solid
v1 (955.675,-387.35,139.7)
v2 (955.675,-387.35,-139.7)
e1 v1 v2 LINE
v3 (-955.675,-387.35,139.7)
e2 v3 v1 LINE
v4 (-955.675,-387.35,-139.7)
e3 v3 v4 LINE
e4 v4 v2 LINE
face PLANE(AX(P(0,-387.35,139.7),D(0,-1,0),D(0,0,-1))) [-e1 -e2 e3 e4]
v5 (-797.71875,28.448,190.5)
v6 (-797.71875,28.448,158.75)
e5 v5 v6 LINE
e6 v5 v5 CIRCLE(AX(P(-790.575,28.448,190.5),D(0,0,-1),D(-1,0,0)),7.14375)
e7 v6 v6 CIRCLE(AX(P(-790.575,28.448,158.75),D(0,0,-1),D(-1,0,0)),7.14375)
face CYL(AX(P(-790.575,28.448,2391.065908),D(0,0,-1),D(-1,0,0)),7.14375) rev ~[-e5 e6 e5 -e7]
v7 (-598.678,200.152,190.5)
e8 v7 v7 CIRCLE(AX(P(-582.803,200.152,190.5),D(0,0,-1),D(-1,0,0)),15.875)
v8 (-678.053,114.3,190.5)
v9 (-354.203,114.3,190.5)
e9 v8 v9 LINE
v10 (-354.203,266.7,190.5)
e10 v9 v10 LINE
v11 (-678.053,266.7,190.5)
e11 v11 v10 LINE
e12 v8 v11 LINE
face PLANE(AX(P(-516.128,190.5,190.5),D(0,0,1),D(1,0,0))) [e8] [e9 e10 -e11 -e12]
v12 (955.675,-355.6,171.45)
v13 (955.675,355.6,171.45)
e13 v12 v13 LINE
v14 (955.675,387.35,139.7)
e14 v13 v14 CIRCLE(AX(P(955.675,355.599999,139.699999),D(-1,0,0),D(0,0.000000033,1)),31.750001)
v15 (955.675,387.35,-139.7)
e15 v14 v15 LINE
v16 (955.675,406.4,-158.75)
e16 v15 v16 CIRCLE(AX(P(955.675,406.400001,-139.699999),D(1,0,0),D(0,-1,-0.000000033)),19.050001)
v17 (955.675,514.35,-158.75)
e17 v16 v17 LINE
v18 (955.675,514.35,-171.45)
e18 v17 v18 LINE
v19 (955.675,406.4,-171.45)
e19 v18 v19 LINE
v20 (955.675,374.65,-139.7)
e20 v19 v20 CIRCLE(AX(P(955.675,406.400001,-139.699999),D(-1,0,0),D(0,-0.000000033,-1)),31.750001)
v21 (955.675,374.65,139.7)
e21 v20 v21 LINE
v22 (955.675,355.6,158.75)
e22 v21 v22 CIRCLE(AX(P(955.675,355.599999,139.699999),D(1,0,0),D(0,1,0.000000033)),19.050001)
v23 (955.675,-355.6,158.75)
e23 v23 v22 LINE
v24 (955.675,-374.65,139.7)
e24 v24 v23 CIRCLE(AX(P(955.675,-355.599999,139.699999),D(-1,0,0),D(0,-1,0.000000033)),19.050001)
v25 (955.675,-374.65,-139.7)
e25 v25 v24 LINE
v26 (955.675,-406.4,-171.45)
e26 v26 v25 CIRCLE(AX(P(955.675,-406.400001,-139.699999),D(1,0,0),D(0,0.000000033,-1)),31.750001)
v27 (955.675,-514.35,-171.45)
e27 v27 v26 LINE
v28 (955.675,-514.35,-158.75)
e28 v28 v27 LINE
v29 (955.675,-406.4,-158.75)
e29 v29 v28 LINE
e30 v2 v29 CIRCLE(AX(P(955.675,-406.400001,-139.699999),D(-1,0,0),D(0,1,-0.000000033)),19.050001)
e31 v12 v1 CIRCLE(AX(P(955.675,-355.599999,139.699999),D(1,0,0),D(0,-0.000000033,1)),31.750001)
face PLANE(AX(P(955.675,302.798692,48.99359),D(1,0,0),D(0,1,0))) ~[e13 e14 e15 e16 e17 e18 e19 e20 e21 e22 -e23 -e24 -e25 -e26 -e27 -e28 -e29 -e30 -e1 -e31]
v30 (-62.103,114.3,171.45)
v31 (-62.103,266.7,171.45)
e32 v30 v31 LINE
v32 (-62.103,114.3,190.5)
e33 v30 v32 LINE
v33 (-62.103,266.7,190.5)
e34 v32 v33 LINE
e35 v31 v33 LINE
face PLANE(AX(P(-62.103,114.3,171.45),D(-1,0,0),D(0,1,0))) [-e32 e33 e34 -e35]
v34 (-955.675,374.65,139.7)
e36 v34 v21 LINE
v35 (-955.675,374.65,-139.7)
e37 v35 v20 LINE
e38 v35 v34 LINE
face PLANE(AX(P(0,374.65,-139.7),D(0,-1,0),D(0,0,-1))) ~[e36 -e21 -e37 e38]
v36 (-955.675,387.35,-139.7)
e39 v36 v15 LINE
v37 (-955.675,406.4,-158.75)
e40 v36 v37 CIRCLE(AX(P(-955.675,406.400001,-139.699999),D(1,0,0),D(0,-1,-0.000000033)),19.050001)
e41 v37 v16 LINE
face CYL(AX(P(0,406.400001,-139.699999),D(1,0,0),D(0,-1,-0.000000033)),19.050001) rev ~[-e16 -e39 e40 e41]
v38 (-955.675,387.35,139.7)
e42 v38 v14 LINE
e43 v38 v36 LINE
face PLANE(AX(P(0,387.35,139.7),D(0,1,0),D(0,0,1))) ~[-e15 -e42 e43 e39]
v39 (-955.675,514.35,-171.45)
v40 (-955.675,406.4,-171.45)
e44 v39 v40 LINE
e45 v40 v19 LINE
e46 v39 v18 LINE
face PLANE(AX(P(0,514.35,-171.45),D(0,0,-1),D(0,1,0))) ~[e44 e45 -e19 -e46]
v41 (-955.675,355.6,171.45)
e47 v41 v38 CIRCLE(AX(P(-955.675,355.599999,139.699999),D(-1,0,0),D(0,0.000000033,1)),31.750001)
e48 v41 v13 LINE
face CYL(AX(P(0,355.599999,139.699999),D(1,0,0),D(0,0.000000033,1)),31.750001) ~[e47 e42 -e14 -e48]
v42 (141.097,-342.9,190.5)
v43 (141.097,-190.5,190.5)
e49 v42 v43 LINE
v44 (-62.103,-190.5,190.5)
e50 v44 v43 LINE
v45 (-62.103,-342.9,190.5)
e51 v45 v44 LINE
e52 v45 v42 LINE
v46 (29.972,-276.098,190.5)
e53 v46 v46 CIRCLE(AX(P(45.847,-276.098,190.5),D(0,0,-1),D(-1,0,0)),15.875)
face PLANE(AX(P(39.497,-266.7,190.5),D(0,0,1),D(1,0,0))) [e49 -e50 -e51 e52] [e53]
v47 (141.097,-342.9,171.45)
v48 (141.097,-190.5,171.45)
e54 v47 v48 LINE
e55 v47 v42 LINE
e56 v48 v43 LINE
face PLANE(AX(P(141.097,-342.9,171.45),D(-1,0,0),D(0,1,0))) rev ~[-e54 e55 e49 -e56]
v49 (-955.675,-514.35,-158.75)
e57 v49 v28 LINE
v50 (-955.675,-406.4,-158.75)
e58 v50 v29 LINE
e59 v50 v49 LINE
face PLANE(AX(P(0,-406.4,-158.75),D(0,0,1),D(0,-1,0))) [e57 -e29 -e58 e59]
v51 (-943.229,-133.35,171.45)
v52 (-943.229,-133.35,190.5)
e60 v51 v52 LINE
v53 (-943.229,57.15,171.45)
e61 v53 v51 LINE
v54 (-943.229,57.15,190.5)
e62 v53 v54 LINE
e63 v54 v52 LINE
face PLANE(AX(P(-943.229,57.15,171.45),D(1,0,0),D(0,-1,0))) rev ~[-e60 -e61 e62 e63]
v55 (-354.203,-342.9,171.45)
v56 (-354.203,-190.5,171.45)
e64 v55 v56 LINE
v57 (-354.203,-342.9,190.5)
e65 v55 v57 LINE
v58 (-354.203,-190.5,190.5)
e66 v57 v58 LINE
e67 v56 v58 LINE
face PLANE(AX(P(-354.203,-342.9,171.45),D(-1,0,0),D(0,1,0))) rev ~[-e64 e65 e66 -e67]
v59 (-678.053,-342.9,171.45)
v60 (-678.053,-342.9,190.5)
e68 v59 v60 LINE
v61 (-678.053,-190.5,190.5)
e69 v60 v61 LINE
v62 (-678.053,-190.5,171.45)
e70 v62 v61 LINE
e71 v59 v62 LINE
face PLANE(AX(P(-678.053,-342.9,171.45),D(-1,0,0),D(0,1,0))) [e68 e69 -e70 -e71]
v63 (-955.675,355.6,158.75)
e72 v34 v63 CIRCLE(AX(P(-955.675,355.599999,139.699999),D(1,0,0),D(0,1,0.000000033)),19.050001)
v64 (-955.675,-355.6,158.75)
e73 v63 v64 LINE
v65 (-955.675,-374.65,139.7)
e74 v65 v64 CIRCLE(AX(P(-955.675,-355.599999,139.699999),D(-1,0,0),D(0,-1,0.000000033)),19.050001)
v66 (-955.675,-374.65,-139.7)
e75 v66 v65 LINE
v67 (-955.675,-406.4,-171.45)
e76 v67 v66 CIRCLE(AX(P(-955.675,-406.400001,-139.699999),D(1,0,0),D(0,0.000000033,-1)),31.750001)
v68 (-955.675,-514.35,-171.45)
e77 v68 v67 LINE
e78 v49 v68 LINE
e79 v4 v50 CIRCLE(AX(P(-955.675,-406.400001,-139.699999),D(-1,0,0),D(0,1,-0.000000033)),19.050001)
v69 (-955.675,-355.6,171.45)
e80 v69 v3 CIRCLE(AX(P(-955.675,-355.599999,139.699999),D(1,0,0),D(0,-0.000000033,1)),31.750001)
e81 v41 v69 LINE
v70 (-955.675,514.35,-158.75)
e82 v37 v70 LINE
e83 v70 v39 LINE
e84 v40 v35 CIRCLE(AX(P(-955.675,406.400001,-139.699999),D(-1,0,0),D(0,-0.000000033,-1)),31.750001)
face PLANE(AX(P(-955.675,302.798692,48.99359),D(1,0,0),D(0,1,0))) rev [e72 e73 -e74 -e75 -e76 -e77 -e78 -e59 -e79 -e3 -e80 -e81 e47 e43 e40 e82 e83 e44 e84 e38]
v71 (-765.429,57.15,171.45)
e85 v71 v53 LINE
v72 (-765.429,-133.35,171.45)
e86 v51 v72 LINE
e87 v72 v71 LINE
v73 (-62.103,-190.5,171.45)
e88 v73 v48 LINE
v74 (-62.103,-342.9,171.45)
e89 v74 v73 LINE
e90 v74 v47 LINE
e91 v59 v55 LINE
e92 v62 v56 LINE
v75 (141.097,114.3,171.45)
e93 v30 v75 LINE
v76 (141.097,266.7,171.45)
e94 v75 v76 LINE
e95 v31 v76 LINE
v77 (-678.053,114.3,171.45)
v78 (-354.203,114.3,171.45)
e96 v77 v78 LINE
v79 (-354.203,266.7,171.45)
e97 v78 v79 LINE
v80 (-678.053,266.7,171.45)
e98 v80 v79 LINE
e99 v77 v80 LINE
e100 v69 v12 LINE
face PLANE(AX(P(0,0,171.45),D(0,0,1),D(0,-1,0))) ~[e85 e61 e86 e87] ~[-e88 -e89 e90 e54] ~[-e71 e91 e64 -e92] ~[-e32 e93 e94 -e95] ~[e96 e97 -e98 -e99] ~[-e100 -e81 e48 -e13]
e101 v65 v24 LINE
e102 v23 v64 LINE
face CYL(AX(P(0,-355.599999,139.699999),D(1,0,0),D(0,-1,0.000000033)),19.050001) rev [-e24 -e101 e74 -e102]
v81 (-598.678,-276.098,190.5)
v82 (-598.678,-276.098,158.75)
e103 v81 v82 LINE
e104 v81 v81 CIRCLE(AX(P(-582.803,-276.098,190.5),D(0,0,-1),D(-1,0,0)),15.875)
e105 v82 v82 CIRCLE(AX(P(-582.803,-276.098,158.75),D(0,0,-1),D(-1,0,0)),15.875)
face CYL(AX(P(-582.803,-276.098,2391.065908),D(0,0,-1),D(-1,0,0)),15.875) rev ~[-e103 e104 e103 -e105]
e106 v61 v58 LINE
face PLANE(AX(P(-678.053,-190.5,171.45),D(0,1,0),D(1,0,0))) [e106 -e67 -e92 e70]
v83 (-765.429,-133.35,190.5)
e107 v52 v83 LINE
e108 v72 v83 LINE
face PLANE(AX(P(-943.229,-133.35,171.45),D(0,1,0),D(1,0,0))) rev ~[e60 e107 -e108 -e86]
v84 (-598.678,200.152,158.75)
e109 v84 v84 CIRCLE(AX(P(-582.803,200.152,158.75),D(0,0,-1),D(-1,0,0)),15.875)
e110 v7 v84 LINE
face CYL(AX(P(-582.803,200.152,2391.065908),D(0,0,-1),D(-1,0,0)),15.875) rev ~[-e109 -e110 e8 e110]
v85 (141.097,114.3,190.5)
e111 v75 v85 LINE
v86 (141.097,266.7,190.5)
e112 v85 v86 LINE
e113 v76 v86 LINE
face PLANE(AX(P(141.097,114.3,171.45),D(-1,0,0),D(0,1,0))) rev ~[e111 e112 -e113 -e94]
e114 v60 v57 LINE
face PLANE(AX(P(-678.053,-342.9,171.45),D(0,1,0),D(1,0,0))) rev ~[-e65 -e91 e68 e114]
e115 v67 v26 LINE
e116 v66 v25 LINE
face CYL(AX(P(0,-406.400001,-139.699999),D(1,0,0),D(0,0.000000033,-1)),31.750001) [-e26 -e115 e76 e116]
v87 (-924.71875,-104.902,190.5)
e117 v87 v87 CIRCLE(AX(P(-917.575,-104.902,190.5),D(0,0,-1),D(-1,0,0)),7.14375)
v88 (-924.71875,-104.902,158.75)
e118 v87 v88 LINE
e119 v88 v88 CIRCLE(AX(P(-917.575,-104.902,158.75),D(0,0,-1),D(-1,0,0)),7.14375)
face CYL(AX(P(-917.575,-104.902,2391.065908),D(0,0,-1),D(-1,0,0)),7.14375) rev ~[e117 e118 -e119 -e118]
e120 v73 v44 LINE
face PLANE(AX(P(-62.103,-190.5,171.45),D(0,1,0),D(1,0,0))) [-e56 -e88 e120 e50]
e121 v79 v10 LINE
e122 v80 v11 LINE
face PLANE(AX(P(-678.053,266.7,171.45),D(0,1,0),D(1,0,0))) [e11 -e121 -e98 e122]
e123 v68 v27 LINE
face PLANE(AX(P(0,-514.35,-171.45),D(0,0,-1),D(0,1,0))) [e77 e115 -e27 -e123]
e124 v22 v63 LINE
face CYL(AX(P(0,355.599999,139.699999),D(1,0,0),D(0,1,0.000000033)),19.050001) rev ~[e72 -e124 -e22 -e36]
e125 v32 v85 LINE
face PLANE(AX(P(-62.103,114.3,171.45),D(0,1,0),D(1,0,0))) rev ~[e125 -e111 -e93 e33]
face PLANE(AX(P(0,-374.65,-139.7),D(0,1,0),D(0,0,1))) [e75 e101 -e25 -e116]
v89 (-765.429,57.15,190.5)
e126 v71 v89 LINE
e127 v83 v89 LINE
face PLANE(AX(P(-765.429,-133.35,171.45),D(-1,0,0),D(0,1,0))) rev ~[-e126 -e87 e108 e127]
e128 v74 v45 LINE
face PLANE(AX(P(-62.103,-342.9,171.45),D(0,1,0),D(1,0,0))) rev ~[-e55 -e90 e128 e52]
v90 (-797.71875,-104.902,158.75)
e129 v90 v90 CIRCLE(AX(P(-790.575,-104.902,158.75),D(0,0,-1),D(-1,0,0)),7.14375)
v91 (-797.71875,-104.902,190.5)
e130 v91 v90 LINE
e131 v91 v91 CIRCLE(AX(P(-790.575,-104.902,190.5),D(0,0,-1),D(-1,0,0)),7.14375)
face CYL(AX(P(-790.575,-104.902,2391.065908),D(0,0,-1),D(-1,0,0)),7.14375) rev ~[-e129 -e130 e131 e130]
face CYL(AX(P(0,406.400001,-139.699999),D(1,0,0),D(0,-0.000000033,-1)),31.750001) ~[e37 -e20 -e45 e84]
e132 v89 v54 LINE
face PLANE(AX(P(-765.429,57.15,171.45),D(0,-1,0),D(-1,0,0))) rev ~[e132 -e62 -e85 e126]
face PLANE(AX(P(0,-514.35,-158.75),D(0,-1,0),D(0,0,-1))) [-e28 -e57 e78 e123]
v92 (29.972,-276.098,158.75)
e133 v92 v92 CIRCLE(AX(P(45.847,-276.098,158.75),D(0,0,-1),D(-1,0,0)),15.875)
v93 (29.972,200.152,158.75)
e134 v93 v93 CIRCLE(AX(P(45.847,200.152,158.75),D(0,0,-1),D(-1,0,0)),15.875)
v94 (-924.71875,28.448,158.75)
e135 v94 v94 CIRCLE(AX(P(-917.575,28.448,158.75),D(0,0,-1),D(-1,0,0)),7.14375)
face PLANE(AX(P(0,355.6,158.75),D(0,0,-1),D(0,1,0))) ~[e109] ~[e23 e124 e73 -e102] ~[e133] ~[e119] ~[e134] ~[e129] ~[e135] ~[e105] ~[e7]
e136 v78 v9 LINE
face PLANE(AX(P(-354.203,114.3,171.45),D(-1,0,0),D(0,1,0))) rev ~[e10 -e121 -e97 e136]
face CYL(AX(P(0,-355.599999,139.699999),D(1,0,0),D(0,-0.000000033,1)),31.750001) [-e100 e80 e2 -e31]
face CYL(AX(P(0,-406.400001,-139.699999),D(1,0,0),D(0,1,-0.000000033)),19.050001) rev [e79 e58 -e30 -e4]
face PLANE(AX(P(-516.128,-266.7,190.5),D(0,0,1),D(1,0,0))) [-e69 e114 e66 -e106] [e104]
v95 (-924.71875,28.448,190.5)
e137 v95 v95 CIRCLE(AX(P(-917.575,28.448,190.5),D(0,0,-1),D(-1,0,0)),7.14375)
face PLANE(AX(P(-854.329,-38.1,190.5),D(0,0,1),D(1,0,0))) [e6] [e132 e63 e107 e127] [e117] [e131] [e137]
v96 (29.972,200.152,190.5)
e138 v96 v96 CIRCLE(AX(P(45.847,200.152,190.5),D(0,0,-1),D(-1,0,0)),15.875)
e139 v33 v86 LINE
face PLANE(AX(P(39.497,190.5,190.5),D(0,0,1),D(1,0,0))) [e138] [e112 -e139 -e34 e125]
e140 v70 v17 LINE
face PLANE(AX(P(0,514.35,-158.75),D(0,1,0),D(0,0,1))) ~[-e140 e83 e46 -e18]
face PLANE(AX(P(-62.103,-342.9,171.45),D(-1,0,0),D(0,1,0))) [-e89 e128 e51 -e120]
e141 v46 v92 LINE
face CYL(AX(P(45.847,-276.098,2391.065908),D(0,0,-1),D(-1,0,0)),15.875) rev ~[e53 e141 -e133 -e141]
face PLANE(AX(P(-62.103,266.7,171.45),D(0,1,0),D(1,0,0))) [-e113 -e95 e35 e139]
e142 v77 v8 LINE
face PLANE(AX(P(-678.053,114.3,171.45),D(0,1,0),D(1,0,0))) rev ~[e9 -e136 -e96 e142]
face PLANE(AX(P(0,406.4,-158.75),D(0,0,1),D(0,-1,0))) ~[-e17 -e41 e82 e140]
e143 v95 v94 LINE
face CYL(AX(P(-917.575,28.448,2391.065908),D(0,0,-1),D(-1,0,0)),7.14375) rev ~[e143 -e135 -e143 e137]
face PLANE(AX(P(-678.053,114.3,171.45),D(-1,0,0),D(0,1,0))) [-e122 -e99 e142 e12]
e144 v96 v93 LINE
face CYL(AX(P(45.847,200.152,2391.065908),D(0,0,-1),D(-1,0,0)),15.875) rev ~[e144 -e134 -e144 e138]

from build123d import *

# Parameters (mm, degrees)
F1_DEPTH = 955.675
F3_W     = 203.2
F3_H     = 152.4
F3_W_2   = 323.85
F4_DEPTH = 19.05
F6_D     = 31.75
F8_DEPTH = 19.05
F10_D    = 14.2875


with BuildPart() as f1:
    # F0 (on Right) → F1 (new body, symmetric)
    with BuildSketch(Plane.YZ):
        with BuildLine():
            Line((0, 171.45), (-355.6, 171.45))
            ThreePointArc((-355.6, 171.45), (-378.05064, 162.15064), (-387.35, 139.7))
            Line((-387.35, 139.7), (-387.35, -139.7))
            ThreePointArc((-387.35, -139.7), (-392.929616, -153.170384), (-406.4, -158.75))
            Line((-406.4, -158.75), (-514.35, -158.75))
            Line((-514.35, -158.75), (-514.35, -171.45))
            Line((-514.35, -171.45), (-406.4, -171.45))
            ThreePointArc((-406.4, -171.45), (-383.94936, -162.15064), (-374.65, -139.7))
            Line((-374.65, -139.7), (-374.65, 139.7))
            ThreePointArc((-374.65, 139.7), (-369.070384, 153.170384), (-355.6, 158.75))
            Line((-355.6, 158.75), (0, 158.75))
            Line((0, 158.75), (0, 171.45))
        make_face()
    extrude(amount=F1_DEPTH, both=True)

    # F2: F1 across plane


with BuildPart() as f1_1:
    add(f1.part)
    add(f1.part.mirror(Plane.XZ))

    # F3 (on face) → F4 (join)
    with BuildSketch(Plane.XY.offset(171.45)):
        with Locations((39.497, -266.7)):
            Rectangle(F3_W, F3_H)
        with Locations((39.497, 190.5)):
            Rectangle(F3_W, F3_H)
        with Locations((-516.128, -266.7)):
            Rectangle(F3_W_2, F3_H)
        with Locations((-516.128, 190.5)):
            Rectangle(F3_W_2, F3_H)
    extrude(amount=F4_DEPTH)

    # F6 (through all)
    with Locations(Plane.XY.offset(190.5)):
        with Locations((-582.803, 200.152), (-582.803, -276.098), (45.847, 200.152), (45.847, -276.098)):
            Hole(F6_D / 2)

    # F7 (on face) → F8 (join)
    with BuildSketch(Plane.XY.offset(171.45)):
        Polygon((-765.429, -133.35), (-765.429, -38.1), (-765.429, 57.15), (-943.229, 57.15), (-943.229, -38.1), (-943.229, -133.35), align=None)
    extrude(amount=F8_DEPTH)

    # F10 (through all)
    with Locations(Plane.XY.offset(190.5)):
        with Locations((-917.575, 28.448), (-790.575, 28.448), (-917.575, -104.902), (-790.575, -104.902)):
            Hole(F10_D / 2)


solid = f1_1.part
